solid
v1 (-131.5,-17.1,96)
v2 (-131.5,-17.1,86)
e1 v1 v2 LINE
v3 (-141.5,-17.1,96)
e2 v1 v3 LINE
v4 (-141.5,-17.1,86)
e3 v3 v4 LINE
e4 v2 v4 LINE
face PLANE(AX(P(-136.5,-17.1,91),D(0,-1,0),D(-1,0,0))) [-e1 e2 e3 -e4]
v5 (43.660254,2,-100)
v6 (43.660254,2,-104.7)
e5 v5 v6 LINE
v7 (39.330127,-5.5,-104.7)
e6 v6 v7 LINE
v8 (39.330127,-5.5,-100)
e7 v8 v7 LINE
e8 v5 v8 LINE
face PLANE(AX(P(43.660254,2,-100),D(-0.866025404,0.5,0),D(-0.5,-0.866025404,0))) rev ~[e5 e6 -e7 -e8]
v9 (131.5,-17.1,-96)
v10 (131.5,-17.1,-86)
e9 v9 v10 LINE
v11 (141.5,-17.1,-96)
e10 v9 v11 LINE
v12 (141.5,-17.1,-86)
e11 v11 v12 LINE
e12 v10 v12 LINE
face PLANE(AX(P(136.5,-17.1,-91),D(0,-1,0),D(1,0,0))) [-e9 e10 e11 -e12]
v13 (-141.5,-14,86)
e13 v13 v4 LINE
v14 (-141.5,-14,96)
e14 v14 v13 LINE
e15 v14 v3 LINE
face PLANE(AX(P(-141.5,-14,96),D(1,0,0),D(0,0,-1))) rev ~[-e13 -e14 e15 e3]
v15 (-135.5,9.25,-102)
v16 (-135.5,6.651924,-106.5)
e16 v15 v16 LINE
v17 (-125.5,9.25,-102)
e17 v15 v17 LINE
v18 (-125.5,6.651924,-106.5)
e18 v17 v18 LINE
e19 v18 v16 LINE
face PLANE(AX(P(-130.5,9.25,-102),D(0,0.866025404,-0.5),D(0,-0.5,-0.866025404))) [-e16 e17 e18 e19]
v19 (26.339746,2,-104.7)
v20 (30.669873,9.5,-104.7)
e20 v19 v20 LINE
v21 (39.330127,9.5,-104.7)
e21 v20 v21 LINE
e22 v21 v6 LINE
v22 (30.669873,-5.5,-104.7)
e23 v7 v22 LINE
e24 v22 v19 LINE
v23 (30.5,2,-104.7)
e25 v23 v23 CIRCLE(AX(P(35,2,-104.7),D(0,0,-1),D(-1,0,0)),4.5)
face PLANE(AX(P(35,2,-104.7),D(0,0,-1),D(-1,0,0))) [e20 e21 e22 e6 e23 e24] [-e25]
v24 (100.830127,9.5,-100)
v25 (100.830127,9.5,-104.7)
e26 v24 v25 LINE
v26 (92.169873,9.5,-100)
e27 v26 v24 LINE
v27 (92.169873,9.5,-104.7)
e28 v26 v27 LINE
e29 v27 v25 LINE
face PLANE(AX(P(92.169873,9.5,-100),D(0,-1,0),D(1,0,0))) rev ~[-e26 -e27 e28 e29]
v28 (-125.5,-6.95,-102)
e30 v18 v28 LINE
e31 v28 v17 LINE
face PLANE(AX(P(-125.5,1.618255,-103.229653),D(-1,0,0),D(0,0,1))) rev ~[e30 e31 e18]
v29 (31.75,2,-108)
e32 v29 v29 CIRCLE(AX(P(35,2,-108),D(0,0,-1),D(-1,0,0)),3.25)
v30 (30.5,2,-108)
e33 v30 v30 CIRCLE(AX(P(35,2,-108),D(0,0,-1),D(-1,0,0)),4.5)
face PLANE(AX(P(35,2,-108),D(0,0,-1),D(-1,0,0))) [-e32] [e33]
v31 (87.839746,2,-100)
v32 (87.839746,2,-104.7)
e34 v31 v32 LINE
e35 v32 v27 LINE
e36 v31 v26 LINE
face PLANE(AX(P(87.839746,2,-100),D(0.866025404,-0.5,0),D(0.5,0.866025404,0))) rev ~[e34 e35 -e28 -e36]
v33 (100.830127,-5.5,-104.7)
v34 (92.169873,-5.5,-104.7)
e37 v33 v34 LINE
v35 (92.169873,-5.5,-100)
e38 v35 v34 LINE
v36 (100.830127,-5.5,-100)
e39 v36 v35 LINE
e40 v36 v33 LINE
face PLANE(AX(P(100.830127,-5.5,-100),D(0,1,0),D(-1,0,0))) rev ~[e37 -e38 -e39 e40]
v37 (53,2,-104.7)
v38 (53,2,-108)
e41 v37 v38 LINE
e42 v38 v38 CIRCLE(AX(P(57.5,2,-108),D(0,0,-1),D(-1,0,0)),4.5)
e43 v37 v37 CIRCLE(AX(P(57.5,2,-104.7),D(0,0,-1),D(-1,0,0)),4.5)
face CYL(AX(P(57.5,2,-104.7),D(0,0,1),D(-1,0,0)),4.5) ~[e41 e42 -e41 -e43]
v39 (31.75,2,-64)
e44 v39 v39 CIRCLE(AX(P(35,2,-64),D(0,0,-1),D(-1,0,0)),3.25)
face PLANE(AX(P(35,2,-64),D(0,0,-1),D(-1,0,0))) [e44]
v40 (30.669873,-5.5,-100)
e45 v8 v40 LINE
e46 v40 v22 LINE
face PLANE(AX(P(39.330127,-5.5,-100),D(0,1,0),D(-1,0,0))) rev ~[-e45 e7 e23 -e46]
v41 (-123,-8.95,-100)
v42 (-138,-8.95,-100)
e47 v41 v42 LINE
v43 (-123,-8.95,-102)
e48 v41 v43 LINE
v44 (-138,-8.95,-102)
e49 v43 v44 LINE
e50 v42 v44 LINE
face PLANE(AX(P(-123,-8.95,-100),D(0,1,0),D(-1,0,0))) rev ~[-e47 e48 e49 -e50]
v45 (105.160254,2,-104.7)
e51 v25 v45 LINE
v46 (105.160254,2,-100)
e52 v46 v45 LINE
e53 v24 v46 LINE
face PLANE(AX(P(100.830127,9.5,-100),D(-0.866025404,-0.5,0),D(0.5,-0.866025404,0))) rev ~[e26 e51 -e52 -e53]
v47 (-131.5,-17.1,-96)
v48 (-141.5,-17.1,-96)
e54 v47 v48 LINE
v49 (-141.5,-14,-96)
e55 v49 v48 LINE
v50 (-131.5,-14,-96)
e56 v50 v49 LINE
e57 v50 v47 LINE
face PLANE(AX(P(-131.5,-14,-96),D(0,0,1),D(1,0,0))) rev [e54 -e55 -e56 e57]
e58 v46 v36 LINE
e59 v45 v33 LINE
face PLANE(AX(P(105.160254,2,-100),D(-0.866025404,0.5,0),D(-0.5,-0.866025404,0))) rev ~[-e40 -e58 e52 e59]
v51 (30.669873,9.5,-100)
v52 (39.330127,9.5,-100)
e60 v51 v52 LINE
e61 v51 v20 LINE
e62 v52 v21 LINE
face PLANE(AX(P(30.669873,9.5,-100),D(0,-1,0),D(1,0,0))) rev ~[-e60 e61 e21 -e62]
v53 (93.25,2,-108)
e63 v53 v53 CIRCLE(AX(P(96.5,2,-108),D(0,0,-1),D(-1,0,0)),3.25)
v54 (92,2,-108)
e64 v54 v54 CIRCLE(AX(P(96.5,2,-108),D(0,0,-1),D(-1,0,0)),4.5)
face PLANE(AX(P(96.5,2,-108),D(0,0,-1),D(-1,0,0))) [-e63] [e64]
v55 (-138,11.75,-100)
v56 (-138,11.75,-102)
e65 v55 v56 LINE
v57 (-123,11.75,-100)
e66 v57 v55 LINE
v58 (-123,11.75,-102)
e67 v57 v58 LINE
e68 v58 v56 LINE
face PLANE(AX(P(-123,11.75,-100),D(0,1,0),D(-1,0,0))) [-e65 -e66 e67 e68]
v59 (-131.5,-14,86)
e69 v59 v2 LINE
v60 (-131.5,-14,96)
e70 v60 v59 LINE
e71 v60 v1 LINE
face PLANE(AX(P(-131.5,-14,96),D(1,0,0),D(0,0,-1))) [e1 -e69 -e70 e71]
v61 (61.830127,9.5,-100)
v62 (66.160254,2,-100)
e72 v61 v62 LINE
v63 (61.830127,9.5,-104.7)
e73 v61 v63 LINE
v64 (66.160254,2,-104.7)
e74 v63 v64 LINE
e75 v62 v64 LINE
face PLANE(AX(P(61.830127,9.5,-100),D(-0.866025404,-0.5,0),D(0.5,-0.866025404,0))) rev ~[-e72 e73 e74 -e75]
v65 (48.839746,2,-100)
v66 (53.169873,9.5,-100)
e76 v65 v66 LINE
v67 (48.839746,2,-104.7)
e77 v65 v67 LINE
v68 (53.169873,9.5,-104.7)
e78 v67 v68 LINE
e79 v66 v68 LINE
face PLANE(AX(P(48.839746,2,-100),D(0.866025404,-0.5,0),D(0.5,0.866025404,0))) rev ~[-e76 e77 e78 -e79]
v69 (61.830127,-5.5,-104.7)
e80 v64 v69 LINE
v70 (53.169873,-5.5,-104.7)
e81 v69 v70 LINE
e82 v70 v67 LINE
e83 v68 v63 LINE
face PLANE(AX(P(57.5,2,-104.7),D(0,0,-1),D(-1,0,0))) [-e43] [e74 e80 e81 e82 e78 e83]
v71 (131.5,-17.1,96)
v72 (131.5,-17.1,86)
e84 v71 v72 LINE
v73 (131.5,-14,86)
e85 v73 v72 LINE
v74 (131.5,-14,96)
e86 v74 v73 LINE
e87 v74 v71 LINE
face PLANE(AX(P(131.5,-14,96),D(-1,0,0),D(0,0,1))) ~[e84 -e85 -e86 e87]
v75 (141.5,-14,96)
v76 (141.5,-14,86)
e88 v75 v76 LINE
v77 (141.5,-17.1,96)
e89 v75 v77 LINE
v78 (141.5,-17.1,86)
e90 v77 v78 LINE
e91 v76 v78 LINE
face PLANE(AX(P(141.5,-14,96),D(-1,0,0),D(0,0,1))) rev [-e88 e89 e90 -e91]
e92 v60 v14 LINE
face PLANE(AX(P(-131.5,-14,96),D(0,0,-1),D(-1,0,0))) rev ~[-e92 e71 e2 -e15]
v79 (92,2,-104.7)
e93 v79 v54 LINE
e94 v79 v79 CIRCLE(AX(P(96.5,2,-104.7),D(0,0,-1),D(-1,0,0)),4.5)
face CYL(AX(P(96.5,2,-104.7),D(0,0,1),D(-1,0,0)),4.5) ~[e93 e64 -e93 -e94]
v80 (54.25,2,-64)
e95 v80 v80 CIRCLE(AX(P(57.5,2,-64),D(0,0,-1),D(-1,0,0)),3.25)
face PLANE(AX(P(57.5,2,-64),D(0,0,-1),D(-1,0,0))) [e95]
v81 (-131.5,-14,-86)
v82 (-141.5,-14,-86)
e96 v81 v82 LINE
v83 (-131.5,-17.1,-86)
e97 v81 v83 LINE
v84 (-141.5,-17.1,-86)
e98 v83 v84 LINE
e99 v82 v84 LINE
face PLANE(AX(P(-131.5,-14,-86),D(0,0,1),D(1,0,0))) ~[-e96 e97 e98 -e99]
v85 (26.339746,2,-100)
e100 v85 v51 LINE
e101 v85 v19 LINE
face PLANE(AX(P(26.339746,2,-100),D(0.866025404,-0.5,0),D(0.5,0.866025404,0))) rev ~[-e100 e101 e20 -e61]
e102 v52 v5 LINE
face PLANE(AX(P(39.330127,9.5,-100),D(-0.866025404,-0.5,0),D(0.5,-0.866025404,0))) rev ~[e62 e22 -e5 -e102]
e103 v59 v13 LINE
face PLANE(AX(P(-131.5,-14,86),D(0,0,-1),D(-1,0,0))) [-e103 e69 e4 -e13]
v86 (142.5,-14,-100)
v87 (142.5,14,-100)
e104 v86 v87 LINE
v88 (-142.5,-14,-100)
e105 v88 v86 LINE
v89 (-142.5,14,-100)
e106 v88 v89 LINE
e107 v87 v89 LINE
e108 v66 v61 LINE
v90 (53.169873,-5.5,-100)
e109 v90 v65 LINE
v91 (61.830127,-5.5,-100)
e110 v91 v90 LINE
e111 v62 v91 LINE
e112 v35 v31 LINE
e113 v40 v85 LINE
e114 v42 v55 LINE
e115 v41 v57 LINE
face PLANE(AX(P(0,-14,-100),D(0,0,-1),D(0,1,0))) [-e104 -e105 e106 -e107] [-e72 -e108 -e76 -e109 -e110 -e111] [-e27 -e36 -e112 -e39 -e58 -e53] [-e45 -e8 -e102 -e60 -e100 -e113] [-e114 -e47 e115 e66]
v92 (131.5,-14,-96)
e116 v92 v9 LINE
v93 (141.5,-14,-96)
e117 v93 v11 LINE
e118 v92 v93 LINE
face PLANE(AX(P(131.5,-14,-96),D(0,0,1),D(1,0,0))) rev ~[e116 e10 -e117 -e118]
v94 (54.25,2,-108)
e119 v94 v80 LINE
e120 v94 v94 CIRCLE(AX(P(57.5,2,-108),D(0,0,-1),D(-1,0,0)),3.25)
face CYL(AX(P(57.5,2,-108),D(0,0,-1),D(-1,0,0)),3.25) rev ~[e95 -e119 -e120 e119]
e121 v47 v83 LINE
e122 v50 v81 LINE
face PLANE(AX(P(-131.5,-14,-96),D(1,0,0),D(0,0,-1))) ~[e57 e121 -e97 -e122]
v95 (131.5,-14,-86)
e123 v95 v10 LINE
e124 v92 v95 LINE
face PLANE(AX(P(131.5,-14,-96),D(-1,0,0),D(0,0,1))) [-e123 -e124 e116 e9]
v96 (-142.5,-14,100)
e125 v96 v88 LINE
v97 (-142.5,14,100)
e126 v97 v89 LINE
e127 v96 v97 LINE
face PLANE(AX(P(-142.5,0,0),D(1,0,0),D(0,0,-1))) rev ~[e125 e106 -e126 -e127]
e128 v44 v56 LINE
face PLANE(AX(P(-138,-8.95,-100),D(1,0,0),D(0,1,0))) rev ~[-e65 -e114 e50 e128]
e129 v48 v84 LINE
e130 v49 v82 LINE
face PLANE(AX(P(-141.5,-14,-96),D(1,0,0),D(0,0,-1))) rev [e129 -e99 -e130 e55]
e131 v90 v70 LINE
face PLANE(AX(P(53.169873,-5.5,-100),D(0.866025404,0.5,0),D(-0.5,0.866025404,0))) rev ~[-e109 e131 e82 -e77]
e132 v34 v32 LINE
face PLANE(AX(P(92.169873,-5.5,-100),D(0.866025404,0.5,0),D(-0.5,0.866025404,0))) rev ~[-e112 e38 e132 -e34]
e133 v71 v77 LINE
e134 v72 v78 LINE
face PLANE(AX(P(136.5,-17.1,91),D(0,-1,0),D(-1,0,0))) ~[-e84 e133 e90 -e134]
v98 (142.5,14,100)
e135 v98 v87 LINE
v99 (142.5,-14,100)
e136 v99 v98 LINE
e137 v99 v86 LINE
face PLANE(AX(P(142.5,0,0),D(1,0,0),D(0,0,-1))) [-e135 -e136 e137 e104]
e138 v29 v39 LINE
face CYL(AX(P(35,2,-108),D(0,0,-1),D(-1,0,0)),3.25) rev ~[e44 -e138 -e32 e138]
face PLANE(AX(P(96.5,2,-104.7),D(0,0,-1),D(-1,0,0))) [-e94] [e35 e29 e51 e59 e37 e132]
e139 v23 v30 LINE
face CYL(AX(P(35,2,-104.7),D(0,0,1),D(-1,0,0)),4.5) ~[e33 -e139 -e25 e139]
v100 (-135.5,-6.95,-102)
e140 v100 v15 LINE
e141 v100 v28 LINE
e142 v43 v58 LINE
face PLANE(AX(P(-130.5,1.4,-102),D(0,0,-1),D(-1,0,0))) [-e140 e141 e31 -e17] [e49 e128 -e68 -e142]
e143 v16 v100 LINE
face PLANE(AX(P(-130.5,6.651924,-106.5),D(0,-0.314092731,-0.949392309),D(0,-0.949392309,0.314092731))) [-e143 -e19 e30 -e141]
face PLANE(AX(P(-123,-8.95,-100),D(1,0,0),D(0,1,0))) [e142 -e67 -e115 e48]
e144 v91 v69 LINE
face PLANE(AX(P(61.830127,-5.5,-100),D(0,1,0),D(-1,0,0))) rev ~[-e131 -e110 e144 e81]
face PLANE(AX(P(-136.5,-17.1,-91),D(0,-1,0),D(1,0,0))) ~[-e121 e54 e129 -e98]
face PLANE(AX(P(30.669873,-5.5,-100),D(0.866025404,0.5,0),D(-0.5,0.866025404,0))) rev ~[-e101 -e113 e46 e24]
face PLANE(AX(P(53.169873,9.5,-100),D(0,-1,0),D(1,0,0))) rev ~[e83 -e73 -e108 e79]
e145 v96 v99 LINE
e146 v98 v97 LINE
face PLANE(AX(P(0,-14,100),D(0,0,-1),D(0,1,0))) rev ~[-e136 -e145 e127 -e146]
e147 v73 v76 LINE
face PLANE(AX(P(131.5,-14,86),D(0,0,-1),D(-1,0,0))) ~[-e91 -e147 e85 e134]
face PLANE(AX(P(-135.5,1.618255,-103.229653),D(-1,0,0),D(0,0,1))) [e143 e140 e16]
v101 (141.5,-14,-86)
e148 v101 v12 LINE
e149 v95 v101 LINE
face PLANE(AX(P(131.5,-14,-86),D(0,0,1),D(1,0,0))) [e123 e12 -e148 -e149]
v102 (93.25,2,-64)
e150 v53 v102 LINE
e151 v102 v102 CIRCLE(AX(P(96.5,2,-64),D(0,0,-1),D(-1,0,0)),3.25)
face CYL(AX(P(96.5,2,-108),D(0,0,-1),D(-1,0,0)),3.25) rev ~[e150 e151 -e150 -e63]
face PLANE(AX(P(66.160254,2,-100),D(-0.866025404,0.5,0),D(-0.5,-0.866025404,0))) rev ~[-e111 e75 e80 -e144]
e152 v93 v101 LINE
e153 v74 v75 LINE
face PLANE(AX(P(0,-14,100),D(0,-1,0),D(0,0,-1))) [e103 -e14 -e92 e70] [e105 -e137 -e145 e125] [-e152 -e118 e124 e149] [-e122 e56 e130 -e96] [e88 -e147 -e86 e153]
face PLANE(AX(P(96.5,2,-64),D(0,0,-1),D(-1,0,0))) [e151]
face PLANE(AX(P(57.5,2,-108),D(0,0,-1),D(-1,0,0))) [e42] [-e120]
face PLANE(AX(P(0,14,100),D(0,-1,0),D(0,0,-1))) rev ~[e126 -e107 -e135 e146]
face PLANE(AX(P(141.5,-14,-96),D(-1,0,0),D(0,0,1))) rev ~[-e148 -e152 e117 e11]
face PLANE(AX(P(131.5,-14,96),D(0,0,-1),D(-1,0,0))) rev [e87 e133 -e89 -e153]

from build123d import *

# Parameters (mm, degrees)
SKIZZE1_W                       = 200
SKIZZE1_H                       = 28
AUFSATZ_LINEAR_AUSTRAGEN1_DEPTH = 142.5
SKIZZE2_W                       = 15
SKIZZE2_H                       = 20.7
AUFSATZ_LINEAR_AUSTRAGEN2_DEPTH = 2
AUFSATZ_LINEAR_AUSTRAGEN3_DEPTH = 5
AUFSATZ_LINEAR_AUSTRAGEN4_DEPTH = 4.7
SKIZZE6_R                       = 4.5
AUFSATZ_LINEAR_AUSTRAGEN5_DEPTH = 3.3
SKIZZE7_R                       = 3.25
SCHNITT_LINEAR_AUSTRAGEN1_DEPTH = 44
SKIZZE8_W                       = 10
SKIZZE8_H                       = 10
AUFSATZ_LINEAR_AUSTRAGEN6_DEPTH = 3.1
SPIEGELN2_COPY_1_SKETCH_W       = 10
SPIEGELN2_COPY_1_SKETCH_H       = 10
SPIEGELN2_COPY_1_DEPTH          = 3.1


with BuildPart() as part:
    # Skizze1 → Aufsatz-Linear austragen1 (new, symmetric)
    with BuildSketch(Plane(origin=(0, 0, 0), x_dir=(0, 0, -1), z_dir=(1, 0, 0))):
        Rectangle(SKIZZE1_W, SKIZZE1_H)
    extrude(amount=AUFSATZ_LINEAR_AUSTRAGEN1_DEPTH, both=True)

    # Skizze2 → Aufsatz-Linear austragen2 (add)
    with BuildSketch(Plane(origin=(0, 0, -100), x_dir=(-1, 0, 0), z_dir=(0, 0, -1))):
        with Locations((130.5, 1.4)):
            Rectangle(SKIZZE2_W, SKIZZE2_H)
    extrude(amount=AUFSATZ_LINEAR_AUSTRAGEN2_DEPTH)

    # Skizze3 → Aufsatz-Linear austragen3 (add, symmetric)
    with BuildSketch(Plane.ZY.offset(130.5)):
        Polygon((-102, 9.25), (-106.5, 6.651923789), (-102, -6.95), align=None)
    extrude(amount=AUFSATZ_LINEAR_AUSTRAGEN3_DEPTH, both=True)

    # Skizze5 → Aufsatz-Linear austragen4 (add)
    with BuildSketch(Plane(origin=(0, 0, -100), x_dir=(-1, 0, 0), z_dir=(0, 0, -1))):
        Polygon((-100.830127019, -5.5), (-92.169872981, -5.5), (-87.839745962, 2), (-92.169872981, 9.5), (-100.830127019, 9.5), (-105.160254038, 2), align=None)
    aufsatz_linear_austragen4 = extrude(amount=AUFSATZ_LINEAR_AUSTRAGEN4_DEPTH)

    # Skizze6 → Aufsatz-Linear austragen5 (add)
    with BuildSketch(Plane(origin=(0, 0, -104.7), x_dir=(-1, 0, 0), z_dir=(0, 0, -1))):
        with Locations((-96.5, 2)):
            Circle(SKIZZE6_R)
    aufsatz_linear_austragen5 = extrude(amount=AUFSATZ_LINEAR_AUSTRAGEN5_DEPTH)

    # Skizze7 → Schnitt-Linear austragen1 (cut)
    with BuildSketch(Plane(origin=(0, 0, -108), x_dir=(-1, 0, 0), z_dir=(0, 0, -1))):
        with Locations((-96.5, 2)):
            Circle(SKIZZE7_R)
    schnitt_linear_austragen1 = extrude(amount=-SCHNITT_LINEAR_AUSTRAGEN1_DEPTH, mode=Mode.SUBTRACT)

    # Skizzen-Muster1: Aufsatz-Linear austragen4, Aufsatz-Linear austragen5, Schnitt-Linear austragen1 at 2 more places
    with Locations((-39, 0, 0), (-61.5, 0, 0)):
        add(aufsatz_linear_austragen4)
        add(aufsatz_linear_austragen5)
        add(schnitt_linear_austragen1, mode=Mode.SUBTRACT)

    # Skizze8 → Aufsatz-Linear austragen6 (add)
    with BuildSketch(Plane.XZ.offset(14)):
        with Locations((136.5, -91)):
            Rectangle(SKIZZE8_W, SKIZZE8_H)
    aufsatz_linear_austragen6 = extrude(amount=AUFSATZ_LINEAR_AUSTRAGEN6_DEPTH)

    # Spiegeln1: Aufsatz-Linear austragen6 across plane
    add(aufsatz_linear_austragen6.mirror(Plane(origin=(0, 0, 0), x_dir=(0, 0, 1), z_dir=(1, 0, 0))))

    # Spiegeln2: Aufsatz-Linear austragen6 across plane
    add(aufsatz_linear_austragen6.mirror(Plane.XY))

    # Spiegeln2 copy 1 sketch → Spiegeln2 copy 1 (add)
    with BuildSketch(Plane(origin=(0, -14, 0), x_dir=(-1, 0, 0), z_dir=(0, -1, 0))):
        with Locations((136.5, -91)):
            Rectangle(SPIEGELN2_COPY_1_SKETCH_W, SPIEGELN2_COPY_1_SKETCH_H)
    extrude(amount=SPIEGELN2_COPY_1_DEPTH)


solid = part.part
